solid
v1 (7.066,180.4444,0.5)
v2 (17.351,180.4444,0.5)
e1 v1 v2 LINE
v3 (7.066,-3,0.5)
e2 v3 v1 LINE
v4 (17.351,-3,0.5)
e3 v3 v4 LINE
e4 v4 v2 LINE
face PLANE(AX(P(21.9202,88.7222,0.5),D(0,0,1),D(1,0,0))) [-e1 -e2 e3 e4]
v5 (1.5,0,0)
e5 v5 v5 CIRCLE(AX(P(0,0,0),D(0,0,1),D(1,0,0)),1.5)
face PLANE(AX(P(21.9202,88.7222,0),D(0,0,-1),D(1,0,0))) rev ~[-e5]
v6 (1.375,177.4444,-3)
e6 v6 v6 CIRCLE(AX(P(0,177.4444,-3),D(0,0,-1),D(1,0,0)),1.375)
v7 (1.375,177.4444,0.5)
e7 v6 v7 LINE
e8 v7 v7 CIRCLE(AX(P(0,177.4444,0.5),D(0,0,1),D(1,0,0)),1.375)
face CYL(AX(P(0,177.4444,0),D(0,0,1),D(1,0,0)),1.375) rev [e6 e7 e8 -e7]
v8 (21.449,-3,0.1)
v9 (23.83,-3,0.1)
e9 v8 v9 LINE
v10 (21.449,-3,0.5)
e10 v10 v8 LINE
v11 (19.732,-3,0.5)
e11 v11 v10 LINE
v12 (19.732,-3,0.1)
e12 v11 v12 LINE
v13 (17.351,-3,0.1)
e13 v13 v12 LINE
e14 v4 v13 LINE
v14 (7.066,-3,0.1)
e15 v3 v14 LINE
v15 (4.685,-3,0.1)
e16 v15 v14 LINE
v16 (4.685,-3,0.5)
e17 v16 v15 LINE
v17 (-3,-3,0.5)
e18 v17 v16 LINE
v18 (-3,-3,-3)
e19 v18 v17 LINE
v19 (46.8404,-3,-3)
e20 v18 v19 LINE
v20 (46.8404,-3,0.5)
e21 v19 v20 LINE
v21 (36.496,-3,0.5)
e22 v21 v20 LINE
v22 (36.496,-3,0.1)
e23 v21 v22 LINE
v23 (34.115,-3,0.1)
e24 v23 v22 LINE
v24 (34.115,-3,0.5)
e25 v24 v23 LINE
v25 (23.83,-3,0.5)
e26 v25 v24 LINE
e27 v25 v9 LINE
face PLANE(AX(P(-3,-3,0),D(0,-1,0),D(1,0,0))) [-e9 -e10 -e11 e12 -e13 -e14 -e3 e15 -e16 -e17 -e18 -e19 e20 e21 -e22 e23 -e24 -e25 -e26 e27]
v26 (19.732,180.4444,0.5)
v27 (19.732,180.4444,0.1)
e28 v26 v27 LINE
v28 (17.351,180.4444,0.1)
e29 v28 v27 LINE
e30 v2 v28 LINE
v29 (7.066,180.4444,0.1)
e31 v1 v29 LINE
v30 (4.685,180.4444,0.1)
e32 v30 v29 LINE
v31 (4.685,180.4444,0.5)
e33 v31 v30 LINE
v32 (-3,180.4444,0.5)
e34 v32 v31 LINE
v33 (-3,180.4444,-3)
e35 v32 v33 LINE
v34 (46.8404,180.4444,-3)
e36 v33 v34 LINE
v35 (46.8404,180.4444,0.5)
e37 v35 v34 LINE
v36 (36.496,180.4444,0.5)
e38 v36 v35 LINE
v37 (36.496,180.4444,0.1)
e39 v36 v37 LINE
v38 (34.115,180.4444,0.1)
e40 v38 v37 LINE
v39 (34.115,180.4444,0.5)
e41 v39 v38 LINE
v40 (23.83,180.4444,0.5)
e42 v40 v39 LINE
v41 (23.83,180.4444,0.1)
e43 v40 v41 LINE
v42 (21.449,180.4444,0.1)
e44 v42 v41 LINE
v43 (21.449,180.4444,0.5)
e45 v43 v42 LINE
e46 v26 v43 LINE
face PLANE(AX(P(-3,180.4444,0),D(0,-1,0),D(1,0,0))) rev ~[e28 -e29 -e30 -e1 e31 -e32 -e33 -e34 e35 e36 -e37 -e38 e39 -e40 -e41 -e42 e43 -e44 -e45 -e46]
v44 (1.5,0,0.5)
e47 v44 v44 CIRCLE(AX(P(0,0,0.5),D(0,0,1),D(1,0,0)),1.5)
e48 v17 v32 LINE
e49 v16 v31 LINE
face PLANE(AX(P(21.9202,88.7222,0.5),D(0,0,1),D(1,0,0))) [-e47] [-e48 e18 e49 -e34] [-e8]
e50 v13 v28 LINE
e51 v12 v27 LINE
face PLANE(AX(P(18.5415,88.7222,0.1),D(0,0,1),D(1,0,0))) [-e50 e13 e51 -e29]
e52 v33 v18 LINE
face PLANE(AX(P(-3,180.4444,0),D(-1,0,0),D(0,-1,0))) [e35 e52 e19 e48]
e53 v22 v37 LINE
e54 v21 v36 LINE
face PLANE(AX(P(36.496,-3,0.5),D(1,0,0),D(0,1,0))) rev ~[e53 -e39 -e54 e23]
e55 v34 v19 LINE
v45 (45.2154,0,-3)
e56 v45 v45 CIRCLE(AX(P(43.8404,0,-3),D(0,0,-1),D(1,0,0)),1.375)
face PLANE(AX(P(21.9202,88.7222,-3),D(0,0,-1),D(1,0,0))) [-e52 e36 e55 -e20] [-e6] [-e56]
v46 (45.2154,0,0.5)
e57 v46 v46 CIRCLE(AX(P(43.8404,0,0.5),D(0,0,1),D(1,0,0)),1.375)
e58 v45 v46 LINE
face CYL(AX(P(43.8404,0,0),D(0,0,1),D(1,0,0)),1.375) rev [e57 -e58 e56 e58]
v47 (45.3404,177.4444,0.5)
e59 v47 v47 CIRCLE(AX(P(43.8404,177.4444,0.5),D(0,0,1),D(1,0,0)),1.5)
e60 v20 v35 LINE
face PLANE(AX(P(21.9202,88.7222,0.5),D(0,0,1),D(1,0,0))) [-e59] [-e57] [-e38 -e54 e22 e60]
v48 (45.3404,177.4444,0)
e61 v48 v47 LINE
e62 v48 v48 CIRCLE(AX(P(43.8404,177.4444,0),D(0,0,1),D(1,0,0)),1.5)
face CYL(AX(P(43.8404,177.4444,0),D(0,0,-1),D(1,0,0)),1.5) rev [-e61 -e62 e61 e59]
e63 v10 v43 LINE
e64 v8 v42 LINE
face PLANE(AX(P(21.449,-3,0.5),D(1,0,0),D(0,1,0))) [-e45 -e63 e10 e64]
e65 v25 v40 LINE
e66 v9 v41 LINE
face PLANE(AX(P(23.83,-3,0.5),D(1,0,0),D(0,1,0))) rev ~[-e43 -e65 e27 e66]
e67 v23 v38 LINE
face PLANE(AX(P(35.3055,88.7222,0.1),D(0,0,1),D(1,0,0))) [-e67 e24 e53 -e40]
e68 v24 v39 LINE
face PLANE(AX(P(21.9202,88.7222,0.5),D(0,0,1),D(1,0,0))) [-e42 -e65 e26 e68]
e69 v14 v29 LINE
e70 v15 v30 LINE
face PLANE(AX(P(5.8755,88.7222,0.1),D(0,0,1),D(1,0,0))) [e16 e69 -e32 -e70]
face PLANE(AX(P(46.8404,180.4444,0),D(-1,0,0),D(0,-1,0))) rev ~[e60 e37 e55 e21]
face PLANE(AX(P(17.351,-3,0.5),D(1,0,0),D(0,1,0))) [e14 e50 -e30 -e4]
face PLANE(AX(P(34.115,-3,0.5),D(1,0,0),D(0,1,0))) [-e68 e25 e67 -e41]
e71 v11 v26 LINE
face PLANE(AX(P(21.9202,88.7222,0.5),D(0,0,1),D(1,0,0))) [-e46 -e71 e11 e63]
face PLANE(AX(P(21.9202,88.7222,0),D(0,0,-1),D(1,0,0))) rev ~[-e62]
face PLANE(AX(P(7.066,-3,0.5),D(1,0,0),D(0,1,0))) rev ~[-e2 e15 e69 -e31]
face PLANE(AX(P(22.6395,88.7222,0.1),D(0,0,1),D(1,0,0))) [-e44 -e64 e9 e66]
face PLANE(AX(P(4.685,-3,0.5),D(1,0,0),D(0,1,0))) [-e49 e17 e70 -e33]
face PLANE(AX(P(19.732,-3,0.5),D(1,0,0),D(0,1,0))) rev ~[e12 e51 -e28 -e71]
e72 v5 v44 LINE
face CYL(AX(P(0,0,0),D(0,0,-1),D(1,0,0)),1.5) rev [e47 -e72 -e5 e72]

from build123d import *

# Parameters (mm, degrees)
F0_W     = 49.8404
F0_H     = 183.4444
F0_R     = 1.5
F0_R_2   = 1.375
F1_DEPTH = 0.5
F2_W     = 49.8404
F2_H     = 183.4444
F2_R     = 1.375
F3_DEPTH = 3
F4_W     = 2.381
F4_H     = 183.4444
F5_DEPTH = 0.4


with BuildPart() as f1:
    # F0 (on Top) → F1 (new body)
    with BuildSketch(Plane.XY):
        with Locations((21.9202, 88.7222)):
            Rectangle(F0_W, F0_H)
        Circle(F0_R, mode=Mode.SUBTRACT)
        with Locations((43.8404, 0)):
            Circle(F0_R_2, mode=Mode.SUBTRACT)
        with Locations((0, 177.4444)):
            Circle(F0_R_2, mode=Mode.SUBTRACT)
        with Locations((43.8404, 177.4444)):
            Circle(F0_R, mode=Mode.SUBTRACT)
    extrude(amount=F1_DEPTH)

    # F2 (on face) → F3 (join)
    with BuildSketch(Plane(origin=(0, 0, 0), x_dir=(1, 0, 0), z_dir=(0, 0, -1))):
        with Locations((21.9202, -88.7222)):
            Rectangle(F2_W, F2_H)
        with Locations((0, -177.4444)):
            Circle(F2_R, mode=Mode.SUBTRACT)
        with Locations((43.8404, 0)):
            Circle(F2_R, mode=Mode.SUBTRACT)
    extrude(amount=F3_DEPTH)

    # F4 (on face) → F5 (cut)
    with BuildSketch(Plane.XY.offset(0.5)):
        with Locations((5.8755, 88.7222)):
            Rectangle(F4_W, F4_H)
        with Locations((18.5415, 88.7222)):
            Rectangle(F4_W, F4_H)
        with Locations((22.6395, 88.7222)):
            Rectangle(F4_W, F4_H)
        with Locations((35.3055, 88.7222)):
            Rectangle(F4_W, F4_H)
    extrude(amount=-F5_DEPTH, mode=Mode.SUBTRACT)


solid = f1.part
